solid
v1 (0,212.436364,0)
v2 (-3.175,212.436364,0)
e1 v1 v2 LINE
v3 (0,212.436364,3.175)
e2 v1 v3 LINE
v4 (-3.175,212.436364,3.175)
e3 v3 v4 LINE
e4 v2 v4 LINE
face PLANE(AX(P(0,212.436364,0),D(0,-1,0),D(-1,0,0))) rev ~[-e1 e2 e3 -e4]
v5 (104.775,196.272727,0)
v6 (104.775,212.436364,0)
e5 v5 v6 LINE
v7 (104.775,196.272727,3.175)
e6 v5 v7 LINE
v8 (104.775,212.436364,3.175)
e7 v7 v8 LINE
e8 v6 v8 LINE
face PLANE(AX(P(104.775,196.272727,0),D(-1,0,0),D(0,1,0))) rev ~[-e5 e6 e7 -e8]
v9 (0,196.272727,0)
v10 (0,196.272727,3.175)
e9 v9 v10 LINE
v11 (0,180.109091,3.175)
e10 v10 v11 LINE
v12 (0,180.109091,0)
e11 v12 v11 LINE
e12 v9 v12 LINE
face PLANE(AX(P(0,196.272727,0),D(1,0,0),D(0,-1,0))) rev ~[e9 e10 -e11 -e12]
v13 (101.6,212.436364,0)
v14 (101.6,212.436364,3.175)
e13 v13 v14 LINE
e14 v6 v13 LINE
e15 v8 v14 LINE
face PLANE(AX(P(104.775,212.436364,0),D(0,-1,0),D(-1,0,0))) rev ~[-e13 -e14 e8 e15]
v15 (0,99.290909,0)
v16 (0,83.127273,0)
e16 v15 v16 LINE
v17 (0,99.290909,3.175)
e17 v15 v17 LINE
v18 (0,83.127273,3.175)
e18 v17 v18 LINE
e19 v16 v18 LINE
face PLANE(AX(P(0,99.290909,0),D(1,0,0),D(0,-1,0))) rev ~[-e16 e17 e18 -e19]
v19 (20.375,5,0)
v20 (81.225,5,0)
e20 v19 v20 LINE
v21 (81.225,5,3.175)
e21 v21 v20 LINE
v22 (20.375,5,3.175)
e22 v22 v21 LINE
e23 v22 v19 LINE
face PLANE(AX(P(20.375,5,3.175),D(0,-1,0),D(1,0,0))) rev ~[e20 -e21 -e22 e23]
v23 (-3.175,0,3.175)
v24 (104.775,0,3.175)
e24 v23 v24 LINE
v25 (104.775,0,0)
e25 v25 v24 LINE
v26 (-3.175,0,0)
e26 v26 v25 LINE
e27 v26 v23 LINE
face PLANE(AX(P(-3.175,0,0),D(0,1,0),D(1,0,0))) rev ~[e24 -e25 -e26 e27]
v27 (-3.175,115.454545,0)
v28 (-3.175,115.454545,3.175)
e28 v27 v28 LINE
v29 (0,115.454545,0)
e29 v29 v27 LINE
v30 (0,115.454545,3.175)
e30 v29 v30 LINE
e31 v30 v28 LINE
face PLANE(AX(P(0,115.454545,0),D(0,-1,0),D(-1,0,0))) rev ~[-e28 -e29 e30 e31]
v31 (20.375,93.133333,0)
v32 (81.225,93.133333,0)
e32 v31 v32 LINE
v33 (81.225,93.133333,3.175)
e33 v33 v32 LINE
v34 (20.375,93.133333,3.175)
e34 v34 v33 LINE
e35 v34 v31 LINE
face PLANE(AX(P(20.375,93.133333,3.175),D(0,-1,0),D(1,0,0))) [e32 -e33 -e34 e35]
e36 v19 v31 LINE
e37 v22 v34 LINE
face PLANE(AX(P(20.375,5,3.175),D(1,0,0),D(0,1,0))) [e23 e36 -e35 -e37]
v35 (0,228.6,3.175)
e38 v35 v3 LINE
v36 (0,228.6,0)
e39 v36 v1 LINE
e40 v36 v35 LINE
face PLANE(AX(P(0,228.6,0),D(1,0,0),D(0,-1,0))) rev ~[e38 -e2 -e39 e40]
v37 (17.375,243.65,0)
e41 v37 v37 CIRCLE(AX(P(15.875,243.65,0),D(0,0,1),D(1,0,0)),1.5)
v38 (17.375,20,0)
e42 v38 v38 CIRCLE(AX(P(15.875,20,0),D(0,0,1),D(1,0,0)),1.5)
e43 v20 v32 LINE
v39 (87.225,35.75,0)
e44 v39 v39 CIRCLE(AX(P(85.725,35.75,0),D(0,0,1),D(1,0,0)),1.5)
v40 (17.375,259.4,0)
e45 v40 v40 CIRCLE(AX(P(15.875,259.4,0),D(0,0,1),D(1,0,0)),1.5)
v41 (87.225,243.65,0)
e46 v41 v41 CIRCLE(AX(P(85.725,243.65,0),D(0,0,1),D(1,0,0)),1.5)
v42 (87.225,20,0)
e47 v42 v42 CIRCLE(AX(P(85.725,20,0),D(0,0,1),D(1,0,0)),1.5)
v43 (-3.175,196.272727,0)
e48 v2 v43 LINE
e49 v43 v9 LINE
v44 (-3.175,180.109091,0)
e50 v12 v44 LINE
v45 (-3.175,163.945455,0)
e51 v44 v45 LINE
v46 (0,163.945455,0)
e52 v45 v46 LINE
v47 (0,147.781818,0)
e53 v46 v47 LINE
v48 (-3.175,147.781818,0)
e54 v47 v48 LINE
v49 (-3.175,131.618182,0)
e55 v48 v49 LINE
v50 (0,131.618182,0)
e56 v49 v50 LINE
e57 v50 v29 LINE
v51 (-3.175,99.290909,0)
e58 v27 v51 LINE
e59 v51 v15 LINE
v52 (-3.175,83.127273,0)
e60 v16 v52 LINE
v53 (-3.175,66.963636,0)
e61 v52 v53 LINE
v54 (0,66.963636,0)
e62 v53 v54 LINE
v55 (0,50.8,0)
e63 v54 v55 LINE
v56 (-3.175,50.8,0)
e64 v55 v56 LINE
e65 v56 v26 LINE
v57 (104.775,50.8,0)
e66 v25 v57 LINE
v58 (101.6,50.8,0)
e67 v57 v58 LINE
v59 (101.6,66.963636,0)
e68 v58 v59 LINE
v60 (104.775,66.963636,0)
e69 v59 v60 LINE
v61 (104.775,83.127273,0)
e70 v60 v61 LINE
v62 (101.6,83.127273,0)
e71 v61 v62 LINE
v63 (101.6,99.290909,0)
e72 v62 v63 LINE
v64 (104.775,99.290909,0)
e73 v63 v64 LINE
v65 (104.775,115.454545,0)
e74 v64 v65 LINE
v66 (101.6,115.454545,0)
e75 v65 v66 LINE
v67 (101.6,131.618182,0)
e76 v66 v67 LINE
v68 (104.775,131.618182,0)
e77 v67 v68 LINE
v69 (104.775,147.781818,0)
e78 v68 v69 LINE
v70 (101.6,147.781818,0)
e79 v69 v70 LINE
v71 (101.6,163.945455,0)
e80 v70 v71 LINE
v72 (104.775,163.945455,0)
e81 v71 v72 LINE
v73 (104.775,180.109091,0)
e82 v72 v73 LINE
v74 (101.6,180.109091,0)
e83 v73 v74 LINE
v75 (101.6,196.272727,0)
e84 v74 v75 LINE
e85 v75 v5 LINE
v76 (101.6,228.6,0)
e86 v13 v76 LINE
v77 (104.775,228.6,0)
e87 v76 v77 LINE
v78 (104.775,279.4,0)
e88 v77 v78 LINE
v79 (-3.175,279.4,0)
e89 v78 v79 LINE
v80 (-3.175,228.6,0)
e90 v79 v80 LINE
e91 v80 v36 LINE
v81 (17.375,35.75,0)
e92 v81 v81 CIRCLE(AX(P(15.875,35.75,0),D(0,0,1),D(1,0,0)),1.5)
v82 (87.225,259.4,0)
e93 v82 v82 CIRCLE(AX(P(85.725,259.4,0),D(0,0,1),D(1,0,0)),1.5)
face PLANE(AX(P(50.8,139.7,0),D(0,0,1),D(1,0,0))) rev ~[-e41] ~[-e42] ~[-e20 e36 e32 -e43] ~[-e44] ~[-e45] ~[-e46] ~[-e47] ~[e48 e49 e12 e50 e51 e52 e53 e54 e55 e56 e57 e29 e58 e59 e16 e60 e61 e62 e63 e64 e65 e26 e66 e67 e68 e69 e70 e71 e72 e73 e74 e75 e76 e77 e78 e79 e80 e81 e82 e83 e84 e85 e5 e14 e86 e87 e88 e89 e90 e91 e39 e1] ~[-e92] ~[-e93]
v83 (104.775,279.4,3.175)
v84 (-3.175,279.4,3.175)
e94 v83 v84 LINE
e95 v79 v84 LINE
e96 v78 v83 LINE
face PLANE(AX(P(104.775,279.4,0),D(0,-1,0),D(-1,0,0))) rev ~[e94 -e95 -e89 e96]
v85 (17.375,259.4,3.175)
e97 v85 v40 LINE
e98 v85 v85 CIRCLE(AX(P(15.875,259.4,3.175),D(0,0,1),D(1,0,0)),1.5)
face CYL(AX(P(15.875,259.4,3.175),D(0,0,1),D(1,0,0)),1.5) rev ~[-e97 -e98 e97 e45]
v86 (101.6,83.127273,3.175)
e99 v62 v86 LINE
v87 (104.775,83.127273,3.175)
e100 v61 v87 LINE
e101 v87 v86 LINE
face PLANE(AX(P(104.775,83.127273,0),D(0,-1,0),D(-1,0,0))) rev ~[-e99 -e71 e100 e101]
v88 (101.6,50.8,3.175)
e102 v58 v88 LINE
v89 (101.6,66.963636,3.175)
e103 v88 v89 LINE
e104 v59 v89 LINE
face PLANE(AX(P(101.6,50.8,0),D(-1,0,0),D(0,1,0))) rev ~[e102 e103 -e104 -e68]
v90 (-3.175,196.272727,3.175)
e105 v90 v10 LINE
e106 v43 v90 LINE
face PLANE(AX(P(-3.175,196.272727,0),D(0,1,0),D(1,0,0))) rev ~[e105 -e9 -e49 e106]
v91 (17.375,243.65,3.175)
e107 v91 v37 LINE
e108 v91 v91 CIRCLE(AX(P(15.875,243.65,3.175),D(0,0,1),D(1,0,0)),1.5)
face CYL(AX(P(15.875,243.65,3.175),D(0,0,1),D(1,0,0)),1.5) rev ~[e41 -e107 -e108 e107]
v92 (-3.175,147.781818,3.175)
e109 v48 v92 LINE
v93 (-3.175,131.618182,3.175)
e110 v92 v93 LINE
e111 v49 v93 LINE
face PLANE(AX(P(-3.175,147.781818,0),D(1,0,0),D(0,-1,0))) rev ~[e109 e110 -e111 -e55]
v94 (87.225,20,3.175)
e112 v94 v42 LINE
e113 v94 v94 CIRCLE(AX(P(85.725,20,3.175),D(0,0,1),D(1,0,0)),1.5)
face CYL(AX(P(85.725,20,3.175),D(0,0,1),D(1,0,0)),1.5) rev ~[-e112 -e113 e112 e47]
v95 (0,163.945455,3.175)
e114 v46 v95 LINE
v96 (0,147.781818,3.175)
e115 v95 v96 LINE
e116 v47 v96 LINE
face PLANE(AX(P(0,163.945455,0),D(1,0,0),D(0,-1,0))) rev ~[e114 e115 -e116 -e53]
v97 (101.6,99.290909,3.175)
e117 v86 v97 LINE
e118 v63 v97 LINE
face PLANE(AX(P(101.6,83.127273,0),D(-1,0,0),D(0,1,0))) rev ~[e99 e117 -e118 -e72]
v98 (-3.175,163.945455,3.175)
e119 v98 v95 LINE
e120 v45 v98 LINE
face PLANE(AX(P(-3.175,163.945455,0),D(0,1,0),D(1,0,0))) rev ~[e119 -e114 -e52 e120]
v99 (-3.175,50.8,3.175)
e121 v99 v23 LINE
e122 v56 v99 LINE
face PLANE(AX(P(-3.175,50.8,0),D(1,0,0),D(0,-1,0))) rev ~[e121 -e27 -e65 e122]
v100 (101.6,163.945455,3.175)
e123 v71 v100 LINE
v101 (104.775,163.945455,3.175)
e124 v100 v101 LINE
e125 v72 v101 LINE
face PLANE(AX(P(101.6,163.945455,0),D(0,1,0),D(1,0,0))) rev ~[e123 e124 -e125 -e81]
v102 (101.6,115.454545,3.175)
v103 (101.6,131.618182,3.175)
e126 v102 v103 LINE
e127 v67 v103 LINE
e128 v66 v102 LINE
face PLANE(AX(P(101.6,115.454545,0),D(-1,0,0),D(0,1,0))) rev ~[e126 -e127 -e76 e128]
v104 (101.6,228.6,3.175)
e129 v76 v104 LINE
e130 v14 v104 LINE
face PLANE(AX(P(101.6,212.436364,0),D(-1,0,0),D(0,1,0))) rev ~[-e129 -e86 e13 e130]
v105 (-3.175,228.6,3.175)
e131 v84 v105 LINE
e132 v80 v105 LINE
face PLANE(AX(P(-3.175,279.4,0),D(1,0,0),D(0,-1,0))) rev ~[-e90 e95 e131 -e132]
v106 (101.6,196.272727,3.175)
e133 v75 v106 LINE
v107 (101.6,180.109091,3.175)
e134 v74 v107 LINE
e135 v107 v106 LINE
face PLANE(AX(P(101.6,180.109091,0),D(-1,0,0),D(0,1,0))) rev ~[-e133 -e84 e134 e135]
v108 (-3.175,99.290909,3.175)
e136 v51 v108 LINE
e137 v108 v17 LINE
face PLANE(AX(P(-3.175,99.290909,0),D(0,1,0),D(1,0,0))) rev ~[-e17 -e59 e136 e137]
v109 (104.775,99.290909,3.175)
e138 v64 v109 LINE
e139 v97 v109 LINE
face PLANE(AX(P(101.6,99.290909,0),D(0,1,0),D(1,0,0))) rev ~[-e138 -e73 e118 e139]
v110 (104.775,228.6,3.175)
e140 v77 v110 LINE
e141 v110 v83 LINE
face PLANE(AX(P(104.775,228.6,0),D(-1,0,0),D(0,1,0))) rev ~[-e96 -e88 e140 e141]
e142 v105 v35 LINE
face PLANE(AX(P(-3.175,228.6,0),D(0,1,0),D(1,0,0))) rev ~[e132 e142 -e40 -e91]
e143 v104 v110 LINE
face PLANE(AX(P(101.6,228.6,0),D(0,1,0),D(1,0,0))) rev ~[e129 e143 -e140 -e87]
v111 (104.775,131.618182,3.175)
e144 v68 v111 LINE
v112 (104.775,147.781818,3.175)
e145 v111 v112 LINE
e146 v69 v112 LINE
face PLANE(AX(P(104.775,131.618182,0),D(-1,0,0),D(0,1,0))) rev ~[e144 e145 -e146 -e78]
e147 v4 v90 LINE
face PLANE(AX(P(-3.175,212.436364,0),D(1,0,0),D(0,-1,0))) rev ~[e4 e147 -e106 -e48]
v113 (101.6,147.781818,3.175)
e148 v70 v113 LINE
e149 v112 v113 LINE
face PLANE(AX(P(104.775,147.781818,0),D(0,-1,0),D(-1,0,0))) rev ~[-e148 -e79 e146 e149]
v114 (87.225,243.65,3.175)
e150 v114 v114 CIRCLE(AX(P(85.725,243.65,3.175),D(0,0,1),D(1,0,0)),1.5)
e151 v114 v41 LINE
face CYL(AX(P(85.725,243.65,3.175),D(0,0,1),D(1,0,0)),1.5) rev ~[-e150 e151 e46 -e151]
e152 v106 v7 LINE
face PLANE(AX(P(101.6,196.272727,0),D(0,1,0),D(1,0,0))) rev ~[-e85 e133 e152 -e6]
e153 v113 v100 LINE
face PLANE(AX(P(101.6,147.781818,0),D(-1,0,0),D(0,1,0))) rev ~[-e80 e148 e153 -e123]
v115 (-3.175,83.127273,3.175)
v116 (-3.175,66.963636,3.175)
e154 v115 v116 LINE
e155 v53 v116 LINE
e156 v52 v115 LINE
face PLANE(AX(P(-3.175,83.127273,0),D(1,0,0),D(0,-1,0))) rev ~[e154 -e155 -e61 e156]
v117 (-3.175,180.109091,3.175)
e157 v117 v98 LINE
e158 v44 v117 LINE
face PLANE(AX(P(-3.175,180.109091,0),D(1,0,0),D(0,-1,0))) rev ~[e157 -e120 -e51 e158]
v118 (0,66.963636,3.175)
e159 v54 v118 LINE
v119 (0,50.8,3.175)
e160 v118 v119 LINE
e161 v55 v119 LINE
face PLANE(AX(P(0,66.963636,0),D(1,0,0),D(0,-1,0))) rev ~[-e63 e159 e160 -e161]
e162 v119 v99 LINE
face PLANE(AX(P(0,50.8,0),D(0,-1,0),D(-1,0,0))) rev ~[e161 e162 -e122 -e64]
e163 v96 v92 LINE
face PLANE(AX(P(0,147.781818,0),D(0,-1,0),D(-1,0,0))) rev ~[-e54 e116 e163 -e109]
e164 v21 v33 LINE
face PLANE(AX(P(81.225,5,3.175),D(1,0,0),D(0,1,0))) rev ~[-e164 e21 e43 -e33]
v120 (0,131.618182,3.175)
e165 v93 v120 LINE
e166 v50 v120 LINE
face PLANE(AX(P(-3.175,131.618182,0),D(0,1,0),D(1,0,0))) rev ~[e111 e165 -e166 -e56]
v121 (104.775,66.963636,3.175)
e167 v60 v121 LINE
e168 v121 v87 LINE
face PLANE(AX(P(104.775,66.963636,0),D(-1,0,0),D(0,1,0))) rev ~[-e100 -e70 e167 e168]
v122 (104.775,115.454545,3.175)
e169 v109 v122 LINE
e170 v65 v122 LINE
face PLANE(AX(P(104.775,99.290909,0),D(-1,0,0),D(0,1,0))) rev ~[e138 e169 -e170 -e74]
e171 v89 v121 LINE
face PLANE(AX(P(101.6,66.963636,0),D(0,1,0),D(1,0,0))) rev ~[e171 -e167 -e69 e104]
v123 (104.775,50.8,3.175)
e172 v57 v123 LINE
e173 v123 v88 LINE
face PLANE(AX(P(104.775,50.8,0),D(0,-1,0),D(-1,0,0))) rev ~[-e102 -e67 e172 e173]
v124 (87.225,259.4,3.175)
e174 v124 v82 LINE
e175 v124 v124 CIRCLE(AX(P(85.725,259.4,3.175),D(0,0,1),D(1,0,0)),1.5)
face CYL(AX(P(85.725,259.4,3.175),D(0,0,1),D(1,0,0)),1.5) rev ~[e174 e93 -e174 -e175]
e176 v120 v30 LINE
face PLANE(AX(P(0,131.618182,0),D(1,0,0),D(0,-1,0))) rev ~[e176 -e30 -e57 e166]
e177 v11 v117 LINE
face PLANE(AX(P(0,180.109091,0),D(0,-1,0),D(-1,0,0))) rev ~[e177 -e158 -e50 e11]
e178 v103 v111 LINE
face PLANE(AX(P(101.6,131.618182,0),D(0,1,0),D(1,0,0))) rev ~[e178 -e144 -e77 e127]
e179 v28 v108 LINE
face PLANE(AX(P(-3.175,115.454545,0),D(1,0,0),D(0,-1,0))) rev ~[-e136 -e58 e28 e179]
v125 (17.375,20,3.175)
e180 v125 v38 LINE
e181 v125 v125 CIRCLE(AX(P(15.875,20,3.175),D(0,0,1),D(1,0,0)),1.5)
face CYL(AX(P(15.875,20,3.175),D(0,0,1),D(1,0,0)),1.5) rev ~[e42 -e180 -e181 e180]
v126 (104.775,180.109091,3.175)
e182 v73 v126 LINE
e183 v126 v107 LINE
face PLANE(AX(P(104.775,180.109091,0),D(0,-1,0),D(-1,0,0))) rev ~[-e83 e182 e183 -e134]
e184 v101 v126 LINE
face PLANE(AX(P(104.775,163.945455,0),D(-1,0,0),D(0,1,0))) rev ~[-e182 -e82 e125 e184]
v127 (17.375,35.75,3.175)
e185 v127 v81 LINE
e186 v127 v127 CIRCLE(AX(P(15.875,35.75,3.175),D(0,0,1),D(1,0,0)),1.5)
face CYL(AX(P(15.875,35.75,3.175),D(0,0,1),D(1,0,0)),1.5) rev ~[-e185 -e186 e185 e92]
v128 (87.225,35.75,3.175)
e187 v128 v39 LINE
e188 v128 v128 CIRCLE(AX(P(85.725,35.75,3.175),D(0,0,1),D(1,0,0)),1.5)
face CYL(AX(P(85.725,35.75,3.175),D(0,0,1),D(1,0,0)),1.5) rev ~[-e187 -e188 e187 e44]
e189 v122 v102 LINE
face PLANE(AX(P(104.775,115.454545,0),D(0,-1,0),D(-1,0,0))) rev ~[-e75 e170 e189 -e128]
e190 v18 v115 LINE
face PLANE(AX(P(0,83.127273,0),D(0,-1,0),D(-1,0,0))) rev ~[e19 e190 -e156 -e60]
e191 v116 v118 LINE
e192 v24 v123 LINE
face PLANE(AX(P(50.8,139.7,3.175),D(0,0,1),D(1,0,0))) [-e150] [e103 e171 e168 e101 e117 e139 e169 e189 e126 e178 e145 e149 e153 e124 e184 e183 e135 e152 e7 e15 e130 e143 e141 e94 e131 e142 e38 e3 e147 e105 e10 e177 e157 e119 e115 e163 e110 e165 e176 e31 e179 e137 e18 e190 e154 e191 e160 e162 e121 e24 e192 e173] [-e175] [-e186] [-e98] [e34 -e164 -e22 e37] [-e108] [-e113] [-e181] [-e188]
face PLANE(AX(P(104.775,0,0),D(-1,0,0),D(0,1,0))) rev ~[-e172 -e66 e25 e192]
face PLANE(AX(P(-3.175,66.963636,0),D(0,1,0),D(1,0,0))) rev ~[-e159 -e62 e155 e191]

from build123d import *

# Parameters (mm, degrees)
BOSS_EXTRUDE1_DEPTH = 3.175
SKETCH2_R           = 1.5
CUT_EXTRUDE1_DEPTH  = 3.175
SKETCH3_W           = 60.85
SKETCH3_H           = 88.133333333
CUT_EXTRUDE2_DEPTH  = 3.175


with BuildPart() as part:
    # Sketch1 → Boss-Extrude1 (new body)
    with BuildSketch(Plane.XY):
        Polygon((-3.175, 279.4), (-3.175, 228.6), (0, 228.6), (0, 212.436363636), (-3.175, 212.436363636), (-3.175, 196.272727273), (0, 196.272727273), (0, 180.109090909), (-3.175, 180.109090909), (-3.175, 163.945454545), (0, 163.945454545), (0, 147.781818182), (-3.175, 147.781818182), (-3.175, 131.618181818), (0, 131.618181818), (0, 115.454545455), (-3.175, 115.454545455), (-3.175, 99.290909091), (0, 99.290909091), (0, 83.127272727), (-3.175, 83.127272727), (-3.175, 66.963636364), (0, 66.963636364), (0, 50.8), (-3.175, 50.8), (-3.175, 0), (104.775, 0), (104.775, 50.8), (101.6, 50.8), (101.6, 66.963636364), (104.775, 66.963636364), (104.775, 83.127272727), (101.6, 83.127272727), (101.6, 99.290909091), (104.775, 99.290909091), (104.775, 115.454545455), (101.6, 115.454545455), (101.6, 131.618181818), (104.775, 131.618181818), (104.775, 147.781818182), (101.6, 147.781818182), (101.6, 163.945454545), (104.775, 163.945454545), (104.775, 180.109090909), (101.6, 180.109090909), (101.6, 196.272727273), (104.775, 196.272727273), (104.775, 212.436363636), (101.6, 212.436363636), (101.6, 228.6), (104.775, 228.6), (104.775, 279.4), align=None)
    extrude(amount=BOSS_EXTRUDE1_DEPTH)

    # Sketch2 → Cut-Extrude1 (cut)
    with BuildSketch(Plane.XY.offset(3.175)):
        with Locations((15.875, 20)):
            Circle(SKETCH2_R)
        with Locations((15.875, 35.75)):
            Circle(SKETCH2_R)
        with Locations((15.875, 243.65)):
            Circle(SKETCH2_R)
        with Locations((15.875, 259.4)):
            Circle(SKETCH2_R)
        with Locations((85.725, 259.4)):
            Circle(SKETCH2_R)
        with Locations((85.725, 243.65)):
            Circle(SKETCH2_R)
        with Locations((85.725, 35.75)):
            Circle(SKETCH2_R)
        with Locations((85.725, 20)):
            Circle(SKETCH2_R)
    extrude(amount=-CUT_EXTRUDE1_DEPTH, mode=Mode.SUBTRACT)

    # Sketch3 → Cut-Extrude2 (cut)
    with BuildSketch(Plane.XY.offset(3.175)):
        with Locations((50.8, 49.066666667)):
            Rectangle(SKETCH3_W, SKETCH3_H)
    extrude(amount=-CUT_EXTRUDE2_DEPTH, mode=Mode.SUBTRACT)


solid = part.part
